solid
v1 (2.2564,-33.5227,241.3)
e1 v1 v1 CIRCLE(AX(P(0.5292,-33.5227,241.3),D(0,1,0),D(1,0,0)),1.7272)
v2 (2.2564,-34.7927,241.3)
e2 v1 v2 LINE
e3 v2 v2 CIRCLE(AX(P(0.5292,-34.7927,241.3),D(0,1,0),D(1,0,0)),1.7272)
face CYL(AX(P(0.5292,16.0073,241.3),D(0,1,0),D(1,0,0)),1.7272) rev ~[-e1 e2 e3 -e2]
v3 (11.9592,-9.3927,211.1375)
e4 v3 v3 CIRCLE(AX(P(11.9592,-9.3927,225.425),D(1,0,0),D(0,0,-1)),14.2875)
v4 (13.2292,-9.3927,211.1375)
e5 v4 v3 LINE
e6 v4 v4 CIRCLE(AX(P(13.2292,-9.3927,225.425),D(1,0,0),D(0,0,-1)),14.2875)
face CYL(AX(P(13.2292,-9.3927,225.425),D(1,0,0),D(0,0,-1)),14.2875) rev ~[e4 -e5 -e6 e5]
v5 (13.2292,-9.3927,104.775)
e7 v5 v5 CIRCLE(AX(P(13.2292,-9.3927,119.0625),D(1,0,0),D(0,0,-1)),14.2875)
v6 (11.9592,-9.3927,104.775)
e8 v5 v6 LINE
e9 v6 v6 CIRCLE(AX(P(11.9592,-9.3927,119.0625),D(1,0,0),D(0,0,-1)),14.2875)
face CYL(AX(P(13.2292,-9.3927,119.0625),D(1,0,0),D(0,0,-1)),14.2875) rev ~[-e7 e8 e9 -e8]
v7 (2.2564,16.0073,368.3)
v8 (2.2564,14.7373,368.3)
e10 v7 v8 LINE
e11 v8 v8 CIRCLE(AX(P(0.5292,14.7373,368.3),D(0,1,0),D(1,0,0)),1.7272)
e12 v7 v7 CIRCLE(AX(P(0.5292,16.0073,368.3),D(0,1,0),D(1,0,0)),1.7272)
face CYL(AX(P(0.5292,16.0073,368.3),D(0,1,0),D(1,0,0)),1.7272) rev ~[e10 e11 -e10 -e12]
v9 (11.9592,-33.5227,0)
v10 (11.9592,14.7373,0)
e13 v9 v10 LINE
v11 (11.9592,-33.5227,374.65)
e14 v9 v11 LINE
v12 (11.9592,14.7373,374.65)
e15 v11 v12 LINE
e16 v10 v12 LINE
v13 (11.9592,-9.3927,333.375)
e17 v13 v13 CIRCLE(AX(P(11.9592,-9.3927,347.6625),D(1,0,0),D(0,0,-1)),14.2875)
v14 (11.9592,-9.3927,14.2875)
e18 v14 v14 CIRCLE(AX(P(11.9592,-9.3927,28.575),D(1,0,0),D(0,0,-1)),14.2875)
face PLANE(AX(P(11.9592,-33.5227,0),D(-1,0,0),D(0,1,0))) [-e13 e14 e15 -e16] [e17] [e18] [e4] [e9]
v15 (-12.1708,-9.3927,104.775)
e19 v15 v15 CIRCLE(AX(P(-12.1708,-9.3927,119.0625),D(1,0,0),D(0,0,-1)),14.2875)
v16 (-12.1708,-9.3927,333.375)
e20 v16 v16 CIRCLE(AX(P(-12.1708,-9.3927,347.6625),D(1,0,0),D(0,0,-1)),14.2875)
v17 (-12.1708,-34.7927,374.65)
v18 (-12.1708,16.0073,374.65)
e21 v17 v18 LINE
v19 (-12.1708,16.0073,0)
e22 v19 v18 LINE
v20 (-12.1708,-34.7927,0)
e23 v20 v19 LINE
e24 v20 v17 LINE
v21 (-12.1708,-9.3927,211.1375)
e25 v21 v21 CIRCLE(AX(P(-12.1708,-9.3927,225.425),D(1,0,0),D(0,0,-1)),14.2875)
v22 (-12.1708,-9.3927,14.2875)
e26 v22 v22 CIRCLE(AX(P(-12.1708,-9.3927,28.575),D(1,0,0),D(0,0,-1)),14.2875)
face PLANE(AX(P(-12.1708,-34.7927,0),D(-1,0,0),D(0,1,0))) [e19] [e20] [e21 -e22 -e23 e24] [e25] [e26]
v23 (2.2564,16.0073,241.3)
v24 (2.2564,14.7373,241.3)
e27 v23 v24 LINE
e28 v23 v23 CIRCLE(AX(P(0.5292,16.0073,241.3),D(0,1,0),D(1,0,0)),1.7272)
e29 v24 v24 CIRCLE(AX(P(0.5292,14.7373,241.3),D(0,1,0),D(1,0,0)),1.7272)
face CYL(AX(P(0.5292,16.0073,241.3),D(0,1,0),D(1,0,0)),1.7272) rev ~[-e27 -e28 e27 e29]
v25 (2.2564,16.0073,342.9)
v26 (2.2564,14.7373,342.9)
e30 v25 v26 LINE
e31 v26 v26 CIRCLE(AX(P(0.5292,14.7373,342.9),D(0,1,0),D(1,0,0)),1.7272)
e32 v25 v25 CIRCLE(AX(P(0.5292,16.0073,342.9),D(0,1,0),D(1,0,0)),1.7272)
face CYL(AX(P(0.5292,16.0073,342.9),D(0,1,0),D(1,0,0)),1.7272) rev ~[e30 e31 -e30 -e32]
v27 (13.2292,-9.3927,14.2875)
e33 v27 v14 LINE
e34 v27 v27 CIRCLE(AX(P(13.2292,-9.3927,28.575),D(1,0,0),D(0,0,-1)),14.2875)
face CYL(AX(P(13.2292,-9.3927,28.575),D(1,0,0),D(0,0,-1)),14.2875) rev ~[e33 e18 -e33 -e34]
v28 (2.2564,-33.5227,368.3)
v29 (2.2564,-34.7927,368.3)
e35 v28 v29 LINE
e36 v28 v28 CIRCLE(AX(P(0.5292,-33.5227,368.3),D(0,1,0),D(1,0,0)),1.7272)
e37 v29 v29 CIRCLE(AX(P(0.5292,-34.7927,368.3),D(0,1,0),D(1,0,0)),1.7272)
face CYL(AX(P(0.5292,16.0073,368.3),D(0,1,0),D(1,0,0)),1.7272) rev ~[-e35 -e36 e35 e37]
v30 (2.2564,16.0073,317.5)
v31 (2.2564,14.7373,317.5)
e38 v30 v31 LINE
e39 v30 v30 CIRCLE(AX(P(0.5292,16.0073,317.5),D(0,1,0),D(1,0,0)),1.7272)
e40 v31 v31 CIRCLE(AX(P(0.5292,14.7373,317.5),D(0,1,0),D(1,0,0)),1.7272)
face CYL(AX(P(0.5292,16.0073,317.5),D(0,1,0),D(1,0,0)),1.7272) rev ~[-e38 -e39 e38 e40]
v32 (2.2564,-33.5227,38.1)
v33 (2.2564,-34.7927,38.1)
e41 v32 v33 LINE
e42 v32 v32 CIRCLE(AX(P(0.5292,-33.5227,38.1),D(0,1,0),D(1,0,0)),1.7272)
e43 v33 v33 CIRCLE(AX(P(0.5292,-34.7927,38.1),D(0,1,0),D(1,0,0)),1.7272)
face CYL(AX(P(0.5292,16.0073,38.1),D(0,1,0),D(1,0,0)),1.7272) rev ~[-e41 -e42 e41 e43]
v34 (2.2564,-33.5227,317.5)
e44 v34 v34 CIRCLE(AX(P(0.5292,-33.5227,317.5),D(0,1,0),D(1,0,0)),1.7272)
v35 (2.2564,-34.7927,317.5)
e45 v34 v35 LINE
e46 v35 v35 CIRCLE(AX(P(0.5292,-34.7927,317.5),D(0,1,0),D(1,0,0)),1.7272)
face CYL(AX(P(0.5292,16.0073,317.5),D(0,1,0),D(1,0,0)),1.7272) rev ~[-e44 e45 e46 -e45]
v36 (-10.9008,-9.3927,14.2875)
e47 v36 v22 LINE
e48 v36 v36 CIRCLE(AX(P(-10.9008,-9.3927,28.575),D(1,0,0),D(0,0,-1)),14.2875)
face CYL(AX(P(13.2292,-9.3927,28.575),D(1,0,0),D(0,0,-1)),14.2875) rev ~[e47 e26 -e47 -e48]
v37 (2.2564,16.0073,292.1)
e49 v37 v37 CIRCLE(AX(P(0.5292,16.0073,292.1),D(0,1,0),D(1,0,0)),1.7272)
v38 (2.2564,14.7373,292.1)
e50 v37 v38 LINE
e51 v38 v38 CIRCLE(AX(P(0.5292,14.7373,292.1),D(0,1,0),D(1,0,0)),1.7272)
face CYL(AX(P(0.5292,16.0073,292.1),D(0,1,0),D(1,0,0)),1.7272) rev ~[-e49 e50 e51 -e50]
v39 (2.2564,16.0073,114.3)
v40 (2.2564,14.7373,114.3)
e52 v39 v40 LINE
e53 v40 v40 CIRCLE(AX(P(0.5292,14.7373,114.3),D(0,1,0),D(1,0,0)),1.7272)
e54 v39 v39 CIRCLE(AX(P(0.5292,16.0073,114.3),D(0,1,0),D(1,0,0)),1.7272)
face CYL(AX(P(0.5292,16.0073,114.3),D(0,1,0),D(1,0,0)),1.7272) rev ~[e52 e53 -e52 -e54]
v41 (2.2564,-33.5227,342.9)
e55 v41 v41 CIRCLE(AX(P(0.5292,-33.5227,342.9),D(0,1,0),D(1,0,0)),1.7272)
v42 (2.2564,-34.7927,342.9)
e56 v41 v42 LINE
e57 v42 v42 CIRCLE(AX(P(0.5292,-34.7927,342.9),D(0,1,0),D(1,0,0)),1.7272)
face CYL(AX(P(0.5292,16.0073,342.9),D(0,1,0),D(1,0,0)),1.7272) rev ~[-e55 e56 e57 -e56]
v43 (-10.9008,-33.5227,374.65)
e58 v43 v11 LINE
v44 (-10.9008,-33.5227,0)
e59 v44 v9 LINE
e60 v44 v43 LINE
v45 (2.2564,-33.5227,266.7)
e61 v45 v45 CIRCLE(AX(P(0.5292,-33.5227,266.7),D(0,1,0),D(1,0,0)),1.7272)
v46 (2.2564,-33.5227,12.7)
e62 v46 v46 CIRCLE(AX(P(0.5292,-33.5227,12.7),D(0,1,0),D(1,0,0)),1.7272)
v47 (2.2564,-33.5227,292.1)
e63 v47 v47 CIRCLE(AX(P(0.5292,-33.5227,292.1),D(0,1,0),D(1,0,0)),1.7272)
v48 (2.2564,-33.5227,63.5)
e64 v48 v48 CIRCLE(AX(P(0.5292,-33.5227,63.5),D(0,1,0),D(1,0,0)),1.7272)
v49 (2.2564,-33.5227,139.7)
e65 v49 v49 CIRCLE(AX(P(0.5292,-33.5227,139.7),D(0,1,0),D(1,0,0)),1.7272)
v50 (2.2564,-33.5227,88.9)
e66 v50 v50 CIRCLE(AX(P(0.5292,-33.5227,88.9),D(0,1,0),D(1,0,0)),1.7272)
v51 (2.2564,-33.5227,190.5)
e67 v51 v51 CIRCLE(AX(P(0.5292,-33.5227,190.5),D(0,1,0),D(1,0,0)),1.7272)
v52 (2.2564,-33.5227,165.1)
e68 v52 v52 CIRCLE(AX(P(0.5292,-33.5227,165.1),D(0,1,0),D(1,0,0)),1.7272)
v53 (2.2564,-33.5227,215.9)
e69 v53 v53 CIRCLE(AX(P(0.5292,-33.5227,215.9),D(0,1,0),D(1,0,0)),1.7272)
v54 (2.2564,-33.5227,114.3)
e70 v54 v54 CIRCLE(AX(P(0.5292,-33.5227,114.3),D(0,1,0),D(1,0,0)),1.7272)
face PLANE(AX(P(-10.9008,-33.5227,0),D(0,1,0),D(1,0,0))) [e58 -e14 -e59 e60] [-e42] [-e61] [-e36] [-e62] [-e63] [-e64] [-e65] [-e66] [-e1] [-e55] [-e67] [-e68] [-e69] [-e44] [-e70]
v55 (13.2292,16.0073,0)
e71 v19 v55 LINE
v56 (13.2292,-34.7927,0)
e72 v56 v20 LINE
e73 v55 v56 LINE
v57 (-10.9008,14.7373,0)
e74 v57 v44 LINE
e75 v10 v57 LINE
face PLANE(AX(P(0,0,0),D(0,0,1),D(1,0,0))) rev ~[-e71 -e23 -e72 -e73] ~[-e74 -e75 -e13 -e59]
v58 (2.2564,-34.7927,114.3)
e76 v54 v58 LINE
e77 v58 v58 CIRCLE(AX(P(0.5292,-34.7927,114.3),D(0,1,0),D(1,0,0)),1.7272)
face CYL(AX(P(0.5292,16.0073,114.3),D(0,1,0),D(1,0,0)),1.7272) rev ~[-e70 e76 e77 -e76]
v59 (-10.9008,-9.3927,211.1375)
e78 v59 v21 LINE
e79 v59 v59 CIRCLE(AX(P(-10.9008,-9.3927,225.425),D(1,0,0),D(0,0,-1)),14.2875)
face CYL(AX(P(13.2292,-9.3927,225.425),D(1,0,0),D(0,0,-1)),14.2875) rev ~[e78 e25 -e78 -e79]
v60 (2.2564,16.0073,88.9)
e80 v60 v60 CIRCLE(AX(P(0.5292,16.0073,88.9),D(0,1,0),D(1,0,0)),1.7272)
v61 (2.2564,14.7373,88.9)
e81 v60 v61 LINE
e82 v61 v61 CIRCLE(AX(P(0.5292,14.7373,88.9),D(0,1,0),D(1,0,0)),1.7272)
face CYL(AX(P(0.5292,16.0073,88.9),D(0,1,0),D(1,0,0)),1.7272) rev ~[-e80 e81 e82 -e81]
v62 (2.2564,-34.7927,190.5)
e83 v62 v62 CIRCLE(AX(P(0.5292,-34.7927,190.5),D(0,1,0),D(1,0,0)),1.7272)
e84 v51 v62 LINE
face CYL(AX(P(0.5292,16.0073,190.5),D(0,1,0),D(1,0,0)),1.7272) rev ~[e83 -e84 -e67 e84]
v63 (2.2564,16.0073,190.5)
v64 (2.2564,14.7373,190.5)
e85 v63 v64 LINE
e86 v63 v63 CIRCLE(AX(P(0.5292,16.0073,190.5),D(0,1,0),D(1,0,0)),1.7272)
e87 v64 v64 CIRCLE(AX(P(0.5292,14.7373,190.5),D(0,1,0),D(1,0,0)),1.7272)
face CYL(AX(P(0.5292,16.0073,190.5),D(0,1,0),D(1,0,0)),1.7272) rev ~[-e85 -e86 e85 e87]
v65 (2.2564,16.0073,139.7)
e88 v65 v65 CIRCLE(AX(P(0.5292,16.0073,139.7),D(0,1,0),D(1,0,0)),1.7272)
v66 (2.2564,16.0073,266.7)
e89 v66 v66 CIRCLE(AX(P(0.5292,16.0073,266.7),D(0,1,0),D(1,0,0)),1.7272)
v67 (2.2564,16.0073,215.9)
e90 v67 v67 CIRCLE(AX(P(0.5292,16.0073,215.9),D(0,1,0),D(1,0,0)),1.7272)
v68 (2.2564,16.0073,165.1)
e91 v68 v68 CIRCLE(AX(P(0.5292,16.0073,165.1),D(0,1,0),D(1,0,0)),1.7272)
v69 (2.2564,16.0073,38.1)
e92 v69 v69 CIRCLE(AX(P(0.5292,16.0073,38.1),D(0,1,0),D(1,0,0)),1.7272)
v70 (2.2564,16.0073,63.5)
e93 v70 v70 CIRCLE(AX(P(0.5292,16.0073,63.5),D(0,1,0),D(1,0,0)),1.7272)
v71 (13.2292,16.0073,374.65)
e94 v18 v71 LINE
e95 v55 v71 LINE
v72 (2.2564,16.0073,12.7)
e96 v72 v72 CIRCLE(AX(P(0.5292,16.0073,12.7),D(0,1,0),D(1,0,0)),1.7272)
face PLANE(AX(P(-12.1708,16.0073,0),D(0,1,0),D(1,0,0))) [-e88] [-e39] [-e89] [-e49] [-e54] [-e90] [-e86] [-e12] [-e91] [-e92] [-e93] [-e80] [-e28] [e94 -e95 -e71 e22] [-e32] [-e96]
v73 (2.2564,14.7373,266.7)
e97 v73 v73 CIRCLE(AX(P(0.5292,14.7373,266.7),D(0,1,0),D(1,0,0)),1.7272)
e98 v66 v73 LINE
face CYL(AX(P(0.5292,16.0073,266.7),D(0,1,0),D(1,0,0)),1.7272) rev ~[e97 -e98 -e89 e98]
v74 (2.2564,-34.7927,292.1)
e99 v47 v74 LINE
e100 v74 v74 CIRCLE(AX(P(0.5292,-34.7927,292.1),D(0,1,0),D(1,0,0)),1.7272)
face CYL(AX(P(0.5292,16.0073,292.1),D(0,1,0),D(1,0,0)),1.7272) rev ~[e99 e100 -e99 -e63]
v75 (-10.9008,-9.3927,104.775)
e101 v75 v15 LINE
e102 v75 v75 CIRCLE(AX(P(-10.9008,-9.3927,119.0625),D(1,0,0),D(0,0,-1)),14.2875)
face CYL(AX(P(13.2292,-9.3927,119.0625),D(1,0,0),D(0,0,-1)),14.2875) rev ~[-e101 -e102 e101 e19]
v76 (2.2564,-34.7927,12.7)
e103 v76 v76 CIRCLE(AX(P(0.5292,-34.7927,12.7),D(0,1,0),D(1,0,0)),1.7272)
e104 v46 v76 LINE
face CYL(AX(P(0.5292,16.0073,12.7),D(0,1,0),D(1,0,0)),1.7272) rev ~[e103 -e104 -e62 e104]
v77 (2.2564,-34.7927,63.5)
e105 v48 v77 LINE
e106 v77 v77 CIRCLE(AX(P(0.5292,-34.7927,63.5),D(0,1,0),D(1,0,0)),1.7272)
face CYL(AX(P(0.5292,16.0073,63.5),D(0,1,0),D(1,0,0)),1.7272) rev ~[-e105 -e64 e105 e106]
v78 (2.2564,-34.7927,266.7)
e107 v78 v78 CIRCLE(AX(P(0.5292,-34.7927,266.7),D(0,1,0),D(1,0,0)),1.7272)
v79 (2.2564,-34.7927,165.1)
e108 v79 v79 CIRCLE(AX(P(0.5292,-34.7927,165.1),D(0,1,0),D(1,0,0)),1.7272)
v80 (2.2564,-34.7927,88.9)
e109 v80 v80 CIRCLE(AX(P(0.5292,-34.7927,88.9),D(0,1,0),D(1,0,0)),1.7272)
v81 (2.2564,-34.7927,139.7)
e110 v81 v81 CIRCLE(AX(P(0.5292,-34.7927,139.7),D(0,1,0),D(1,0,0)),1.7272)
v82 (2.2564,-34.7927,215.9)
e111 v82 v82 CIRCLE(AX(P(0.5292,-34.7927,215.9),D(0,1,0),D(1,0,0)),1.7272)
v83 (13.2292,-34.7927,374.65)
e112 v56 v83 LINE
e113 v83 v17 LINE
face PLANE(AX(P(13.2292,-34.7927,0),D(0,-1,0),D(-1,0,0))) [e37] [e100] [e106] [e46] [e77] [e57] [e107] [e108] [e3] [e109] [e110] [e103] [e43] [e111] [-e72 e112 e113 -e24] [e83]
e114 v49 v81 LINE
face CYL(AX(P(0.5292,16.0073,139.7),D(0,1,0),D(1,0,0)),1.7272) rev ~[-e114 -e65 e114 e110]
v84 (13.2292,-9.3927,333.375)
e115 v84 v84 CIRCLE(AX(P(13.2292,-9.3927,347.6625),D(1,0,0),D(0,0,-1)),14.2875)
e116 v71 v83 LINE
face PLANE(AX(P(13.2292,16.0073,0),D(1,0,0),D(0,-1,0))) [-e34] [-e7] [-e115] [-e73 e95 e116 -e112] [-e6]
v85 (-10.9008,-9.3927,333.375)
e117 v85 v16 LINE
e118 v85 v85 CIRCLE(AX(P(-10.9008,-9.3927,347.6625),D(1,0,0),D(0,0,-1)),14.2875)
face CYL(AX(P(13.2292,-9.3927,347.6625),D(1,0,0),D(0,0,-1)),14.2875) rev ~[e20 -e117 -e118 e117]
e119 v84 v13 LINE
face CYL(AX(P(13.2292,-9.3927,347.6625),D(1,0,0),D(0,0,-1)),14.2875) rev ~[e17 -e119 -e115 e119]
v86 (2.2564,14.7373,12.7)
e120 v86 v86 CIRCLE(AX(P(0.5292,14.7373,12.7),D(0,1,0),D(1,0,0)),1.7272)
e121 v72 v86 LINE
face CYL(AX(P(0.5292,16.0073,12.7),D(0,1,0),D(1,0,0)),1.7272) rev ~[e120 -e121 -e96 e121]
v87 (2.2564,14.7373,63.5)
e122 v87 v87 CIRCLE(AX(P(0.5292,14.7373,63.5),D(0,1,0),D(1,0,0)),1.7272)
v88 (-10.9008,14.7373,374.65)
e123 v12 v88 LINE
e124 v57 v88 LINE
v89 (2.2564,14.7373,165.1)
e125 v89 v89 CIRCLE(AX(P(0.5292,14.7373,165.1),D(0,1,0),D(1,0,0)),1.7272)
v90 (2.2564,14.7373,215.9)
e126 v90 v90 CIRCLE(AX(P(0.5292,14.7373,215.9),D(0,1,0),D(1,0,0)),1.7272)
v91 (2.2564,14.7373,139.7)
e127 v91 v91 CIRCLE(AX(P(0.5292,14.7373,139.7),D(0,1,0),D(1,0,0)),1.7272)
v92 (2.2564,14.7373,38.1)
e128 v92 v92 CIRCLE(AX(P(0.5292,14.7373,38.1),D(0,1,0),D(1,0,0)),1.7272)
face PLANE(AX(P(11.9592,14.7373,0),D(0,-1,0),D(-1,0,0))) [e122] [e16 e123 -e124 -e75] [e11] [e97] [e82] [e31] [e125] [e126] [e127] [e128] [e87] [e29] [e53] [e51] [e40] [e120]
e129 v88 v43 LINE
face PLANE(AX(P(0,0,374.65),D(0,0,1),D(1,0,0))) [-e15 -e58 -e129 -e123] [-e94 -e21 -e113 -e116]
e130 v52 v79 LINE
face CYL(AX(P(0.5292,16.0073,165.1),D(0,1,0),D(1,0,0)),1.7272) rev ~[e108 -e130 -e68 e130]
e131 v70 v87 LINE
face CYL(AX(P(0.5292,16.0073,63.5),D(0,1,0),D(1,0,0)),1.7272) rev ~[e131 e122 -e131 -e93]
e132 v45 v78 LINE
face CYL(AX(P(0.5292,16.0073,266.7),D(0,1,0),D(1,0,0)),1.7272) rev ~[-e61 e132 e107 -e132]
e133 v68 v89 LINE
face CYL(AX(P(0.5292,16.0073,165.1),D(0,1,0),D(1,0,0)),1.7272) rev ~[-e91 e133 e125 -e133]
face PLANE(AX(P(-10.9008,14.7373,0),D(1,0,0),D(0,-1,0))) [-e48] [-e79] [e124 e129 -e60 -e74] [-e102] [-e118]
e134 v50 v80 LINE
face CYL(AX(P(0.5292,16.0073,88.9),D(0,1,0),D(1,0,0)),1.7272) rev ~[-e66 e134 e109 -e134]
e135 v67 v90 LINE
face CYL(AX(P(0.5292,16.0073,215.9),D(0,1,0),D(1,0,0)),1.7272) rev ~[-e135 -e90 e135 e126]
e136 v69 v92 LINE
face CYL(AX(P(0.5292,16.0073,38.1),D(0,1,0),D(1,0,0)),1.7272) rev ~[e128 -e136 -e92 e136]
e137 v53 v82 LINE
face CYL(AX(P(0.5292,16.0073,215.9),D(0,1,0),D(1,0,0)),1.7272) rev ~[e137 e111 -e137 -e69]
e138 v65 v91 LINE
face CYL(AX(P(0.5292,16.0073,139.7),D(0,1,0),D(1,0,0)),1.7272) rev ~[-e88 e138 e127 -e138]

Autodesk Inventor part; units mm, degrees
ref_plane "YZ Plane" through (0, 0, 0) normal (1, 0, 0) x (0, 1, 0)
ref_plane "XZ Plane" through (0, 0, 0) normal (0, 1, 0) x (-1, 0, 0)
ref_plane "XY Plane" through (0, 0, 0) normal (0, 0, 1) x (1, 0, 0)
sketch "Sketch1" plane through (0, 0, 0) normal (0, 0, 1) x (1, 0, 0)
  line L0 (-12.1708, 16.0073) -> (13.2292, 16.0073)
  line L1 (13.2292, 16.0073) -> (13.2292, -34.7927)
  line L2 (13.2292, -34.7927) -> (-12.1708, -34.7927)
  line L3 (-12.1708, -34.7927) -> (-12.1708, 16.0073)
  line L4 (11.9592, 14.7373) -> (-10.9008, 14.7373)
  line L5 (-10.9008, 14.7373) -> (-10.9008, -33.5227)
  line L6 (-10.9008, -33.5227) -> (11.9592, -33.5227)
  line L7 (11.9592, -33.5227) -> (11.9592, 14.7373)
  point P0 (0, 0)
  dimension "d0" = 25.4
  dimension "d1" = 50.8
  dimension "d2" = 1.27
extrude "Extrusion1" add sketch "Sketch1" along normal blind 374.65
sketch "Sketch2" plane through (-12.1708, 16.0073, 0) normal (0, 1, 0) x (1, 0, 0)
  circle A0 centre (12.7, -12.7) radius 1.7272
  line L0 (25.4, 0) -> (0, 0) projected
  line L1 (0, 0) -> (0, -374.65) projected
  point P0 (12.1708, 0)
  dimension "d5" = 3.4544
  dimension "d6" = 12.7
  dimension "d7" = 12.7
extrude "Extrusion2" cut sketch "Sketch2" against normal through all
pattern_linear "Rectangular Pattern1" count 37 spacing 25.4 along (0, 0, 1) of "Extrusion2"
sketch "Sketch5" plane through (13.2292, -34.7927, 0) normal (1, 0, 0) x (0, 0, -1)
  circle A0 centre (-347.6625, 25.4) radius 14.2875
  line L0 (-374.65, 0) -> (-374.65, 50.8) projected
  line L1 (0, 50.8) -> (-374.65, 50.8) projected
  circle A1 centre (-225.425, 25.4) radius 14.2875
  circle A2 centre (-28.575, 25.4) radius 14.2875
  circle A3 centre (-119.0625, 25.4) radius 14.2875
  point P0 (0, 34.7927)
  dimension "d46" = 28.575
  dimension "d48" = 25.4
  dimension "d49" = 28.575
  dimension "d50" = 149.225
  dimension "d51" = 25.4
  dimension "d52" = 28.575
  dimension "d54" = 25.4
  dimension "d57" = 346.075
  dimension "d58" = 28.575
  dimension "d59" = 241.3
  dimension "d60" = 25.4
  dimension "d61" = 12.7
extrude "Extrusion5" cut sketch "Sketch5" against normal through all
equation "\"d3\" = d13"
equation "\"d10\" = d14"
equation "\"d13\" = 374.65"
equation "\"d14\" = d13"
equation "\"d32\" = 101.6"
properties part number "AIntakeVersa"
